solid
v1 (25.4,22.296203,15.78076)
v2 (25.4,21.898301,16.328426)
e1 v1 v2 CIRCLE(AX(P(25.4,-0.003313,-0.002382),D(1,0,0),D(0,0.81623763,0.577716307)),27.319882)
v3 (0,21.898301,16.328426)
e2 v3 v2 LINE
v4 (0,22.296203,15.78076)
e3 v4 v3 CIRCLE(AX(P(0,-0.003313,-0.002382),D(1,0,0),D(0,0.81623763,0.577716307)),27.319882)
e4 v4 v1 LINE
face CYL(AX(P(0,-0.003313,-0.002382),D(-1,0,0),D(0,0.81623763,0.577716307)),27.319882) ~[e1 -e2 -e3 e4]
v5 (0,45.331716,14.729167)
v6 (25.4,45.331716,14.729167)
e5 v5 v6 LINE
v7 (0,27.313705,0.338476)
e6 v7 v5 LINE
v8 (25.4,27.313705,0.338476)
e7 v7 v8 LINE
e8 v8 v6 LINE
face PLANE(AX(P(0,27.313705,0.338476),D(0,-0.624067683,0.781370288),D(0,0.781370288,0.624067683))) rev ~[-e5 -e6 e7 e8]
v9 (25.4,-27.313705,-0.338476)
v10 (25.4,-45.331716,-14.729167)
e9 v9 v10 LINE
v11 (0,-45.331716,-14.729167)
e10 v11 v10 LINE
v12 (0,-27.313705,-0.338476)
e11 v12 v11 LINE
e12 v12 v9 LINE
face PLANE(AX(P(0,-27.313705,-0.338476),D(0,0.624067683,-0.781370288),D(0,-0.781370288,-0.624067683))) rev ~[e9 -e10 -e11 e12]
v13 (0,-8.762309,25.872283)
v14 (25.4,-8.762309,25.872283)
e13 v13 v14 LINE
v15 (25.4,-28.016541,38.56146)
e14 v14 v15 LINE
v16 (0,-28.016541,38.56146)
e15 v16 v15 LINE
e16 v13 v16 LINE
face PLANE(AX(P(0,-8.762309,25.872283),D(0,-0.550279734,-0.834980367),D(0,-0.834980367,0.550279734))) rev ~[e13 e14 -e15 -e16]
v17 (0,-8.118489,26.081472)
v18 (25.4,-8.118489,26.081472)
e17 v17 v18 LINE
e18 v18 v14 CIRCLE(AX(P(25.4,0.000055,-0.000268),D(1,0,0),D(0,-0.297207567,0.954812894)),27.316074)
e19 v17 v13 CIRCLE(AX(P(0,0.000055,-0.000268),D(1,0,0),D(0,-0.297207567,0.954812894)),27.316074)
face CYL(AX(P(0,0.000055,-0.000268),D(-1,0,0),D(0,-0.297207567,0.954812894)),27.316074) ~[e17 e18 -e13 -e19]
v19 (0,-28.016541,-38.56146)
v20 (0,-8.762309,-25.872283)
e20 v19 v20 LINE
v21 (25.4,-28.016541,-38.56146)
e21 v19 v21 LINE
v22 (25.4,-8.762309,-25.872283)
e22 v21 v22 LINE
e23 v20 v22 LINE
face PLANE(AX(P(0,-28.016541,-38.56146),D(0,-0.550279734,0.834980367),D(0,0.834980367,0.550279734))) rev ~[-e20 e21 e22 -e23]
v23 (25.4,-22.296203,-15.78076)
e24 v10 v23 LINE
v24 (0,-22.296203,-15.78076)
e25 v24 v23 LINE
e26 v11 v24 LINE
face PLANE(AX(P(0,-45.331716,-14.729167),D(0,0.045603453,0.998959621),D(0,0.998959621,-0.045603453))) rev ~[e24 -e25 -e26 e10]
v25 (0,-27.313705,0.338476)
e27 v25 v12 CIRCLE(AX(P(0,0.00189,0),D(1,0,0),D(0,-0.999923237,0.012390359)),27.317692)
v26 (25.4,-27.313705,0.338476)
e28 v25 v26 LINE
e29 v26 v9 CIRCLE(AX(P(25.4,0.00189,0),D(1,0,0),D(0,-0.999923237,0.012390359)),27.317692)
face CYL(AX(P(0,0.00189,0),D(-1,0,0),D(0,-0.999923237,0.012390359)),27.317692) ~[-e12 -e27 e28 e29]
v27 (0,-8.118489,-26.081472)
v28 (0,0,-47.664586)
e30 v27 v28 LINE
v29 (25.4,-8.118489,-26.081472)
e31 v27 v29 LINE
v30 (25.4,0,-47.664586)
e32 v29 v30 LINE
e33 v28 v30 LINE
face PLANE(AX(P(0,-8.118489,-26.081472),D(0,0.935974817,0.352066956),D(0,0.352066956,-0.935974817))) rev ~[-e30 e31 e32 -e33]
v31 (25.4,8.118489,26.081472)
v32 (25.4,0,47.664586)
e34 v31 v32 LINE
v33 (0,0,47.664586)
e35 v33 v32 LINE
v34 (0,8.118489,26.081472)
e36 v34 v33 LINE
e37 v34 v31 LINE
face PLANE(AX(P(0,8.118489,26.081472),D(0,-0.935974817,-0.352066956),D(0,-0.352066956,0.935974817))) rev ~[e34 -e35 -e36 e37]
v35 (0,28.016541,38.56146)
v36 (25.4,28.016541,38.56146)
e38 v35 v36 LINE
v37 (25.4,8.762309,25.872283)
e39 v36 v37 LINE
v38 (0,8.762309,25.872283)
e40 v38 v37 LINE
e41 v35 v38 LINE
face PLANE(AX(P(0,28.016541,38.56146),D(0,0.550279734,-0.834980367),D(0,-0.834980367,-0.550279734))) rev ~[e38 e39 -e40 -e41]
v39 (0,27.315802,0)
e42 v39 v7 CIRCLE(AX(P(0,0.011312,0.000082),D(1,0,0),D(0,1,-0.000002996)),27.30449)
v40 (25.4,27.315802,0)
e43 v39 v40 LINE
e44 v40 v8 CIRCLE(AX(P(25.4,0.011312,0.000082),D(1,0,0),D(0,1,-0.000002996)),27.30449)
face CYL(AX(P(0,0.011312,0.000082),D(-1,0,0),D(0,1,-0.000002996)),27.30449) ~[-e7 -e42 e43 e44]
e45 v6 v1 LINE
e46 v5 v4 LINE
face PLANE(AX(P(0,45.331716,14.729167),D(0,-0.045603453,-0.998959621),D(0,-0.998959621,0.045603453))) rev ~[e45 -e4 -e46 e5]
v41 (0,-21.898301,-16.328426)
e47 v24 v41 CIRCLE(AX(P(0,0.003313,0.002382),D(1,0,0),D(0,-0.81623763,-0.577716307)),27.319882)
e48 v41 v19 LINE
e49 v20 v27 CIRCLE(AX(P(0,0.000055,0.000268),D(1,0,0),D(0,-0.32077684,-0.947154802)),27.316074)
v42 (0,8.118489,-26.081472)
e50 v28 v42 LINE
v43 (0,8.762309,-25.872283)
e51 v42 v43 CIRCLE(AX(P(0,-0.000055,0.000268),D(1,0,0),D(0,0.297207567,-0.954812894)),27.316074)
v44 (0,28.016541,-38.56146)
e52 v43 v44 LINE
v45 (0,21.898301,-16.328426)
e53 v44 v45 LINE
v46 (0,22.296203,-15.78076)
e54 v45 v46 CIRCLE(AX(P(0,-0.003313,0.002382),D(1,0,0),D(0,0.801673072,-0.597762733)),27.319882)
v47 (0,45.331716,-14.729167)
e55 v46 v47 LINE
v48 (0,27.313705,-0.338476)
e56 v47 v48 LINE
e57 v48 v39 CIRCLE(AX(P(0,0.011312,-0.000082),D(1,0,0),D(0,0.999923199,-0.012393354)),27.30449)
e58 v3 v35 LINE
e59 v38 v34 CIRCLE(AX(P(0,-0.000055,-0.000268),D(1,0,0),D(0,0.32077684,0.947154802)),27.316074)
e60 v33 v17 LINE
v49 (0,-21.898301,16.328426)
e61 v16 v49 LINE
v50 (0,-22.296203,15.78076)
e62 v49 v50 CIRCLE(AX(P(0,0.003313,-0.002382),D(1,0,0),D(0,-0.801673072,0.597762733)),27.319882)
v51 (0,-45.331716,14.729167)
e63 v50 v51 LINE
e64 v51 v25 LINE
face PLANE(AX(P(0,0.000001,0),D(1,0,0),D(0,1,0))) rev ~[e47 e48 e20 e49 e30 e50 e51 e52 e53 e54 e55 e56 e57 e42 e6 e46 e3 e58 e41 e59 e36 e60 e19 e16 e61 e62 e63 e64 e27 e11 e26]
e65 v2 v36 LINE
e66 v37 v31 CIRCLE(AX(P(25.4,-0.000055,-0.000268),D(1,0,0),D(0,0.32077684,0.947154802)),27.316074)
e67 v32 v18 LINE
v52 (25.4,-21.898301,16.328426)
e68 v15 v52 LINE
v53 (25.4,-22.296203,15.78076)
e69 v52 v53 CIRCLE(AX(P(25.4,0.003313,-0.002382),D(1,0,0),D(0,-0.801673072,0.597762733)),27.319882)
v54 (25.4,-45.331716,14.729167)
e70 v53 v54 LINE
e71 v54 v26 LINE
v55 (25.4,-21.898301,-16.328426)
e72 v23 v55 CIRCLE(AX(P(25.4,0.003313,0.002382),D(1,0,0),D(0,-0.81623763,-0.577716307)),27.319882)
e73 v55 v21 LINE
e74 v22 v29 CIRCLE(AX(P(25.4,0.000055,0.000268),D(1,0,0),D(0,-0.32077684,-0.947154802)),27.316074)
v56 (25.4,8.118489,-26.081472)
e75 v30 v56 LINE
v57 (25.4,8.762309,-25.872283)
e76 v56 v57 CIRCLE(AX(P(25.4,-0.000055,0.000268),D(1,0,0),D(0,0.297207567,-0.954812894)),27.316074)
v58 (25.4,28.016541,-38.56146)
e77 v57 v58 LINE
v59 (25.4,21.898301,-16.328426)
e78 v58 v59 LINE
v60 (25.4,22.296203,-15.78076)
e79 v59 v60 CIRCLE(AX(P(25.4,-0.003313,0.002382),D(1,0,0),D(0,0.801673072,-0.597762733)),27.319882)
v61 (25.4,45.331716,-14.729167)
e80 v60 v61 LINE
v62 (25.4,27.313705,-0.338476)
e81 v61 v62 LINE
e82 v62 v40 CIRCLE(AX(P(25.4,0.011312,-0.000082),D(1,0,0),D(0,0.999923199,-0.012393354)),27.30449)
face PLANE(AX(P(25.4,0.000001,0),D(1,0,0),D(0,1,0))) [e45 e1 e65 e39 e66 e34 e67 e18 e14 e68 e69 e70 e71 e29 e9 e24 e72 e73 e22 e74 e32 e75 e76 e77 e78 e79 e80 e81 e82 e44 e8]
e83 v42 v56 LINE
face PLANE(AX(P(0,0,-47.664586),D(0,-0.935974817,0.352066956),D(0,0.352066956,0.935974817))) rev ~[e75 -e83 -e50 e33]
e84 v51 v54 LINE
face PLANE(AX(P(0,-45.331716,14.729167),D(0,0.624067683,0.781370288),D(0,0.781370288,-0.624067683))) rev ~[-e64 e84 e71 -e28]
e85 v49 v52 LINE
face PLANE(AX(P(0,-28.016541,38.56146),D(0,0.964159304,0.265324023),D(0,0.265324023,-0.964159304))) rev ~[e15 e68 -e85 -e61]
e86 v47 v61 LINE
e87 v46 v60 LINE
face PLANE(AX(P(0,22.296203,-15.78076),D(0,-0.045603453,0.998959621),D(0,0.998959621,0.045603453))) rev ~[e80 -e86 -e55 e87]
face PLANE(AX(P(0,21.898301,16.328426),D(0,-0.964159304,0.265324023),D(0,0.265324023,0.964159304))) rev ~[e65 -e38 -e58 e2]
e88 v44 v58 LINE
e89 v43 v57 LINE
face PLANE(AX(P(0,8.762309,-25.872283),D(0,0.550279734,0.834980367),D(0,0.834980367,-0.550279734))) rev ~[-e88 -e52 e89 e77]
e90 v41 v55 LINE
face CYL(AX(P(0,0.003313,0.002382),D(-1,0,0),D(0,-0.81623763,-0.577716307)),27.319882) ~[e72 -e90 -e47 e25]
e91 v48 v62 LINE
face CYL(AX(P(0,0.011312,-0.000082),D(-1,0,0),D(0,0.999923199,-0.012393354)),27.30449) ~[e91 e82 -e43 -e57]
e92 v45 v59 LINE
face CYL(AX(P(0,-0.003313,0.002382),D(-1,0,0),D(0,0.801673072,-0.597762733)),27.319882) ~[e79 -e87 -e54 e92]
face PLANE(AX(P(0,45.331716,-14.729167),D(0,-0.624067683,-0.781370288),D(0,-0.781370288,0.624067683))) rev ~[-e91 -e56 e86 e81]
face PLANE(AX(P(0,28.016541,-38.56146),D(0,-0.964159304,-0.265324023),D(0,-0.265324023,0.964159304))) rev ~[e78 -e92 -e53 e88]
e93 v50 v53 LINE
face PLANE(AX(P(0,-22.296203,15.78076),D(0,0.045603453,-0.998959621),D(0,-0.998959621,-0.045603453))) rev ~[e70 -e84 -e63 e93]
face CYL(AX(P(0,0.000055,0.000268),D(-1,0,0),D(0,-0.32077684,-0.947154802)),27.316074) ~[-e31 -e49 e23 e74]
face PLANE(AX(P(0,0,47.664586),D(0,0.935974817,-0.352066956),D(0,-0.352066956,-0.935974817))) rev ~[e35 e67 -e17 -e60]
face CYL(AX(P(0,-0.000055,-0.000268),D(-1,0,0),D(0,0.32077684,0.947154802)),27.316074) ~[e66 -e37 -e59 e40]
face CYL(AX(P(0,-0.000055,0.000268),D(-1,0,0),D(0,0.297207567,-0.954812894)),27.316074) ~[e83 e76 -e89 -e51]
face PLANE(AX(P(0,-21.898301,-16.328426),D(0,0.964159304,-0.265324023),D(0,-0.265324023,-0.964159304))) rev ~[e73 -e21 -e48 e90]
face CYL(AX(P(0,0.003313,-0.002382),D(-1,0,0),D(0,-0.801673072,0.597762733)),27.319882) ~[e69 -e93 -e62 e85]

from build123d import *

# Parameters (mm, degrees)
F1_DEPTH = 25.4


with BuildPart() as f1:
    # F0 (on Right) → F1 (new body)
    with BuildSketch(Plane.YZ):
        with BuildLine():
            ThreePointArc((27.313705, -0.338476), (27.315278, -0.169241), (27.315802, 0))
            ThreePointArc((27.315802, 0), (27.315278, 0.169241), (27.313705, 0.338476))
            ThreePointArc((27.313705, 0.338476), (25.978872, 8.441047), (22.296203, 15.78076))
            ThreePointArc((22.296203, 15.78076), (22.098948, 16.055826), (21.898301, 16.328426))
            ThreePointArc((21.898301, 16.328426), (16.055826, 22.098948), (8.762309, 25.872283))
            ThreePointArc((8.762309, 25.872283), (8.441047, 25.978872), (8.118489, 26.081472))
            ThreePointArc((8.118489, 26.081472), (0, 27.315802), (-8.118489, 26.081472))
            ThreePointArc((-8.118489, 26.081472), (-8.441047, 25.978872), (-8.762309, 25.872283))
            ThreePointArc((-8.762309, 25.872283), (-16.055826, 22.098948), (-21.898301, 16.328426))
            ThreePointArc((-21.898301, 16.328426), (-22.098948, 16.055826), (-22.296203, 15.78076))
            ThreePointArc((-22.296203, 15.78076), (-25.978872, 8.441047), (-27.313705, 0.338476))
            ThreePointArc((-27.313705, 0.338476), (-27.315802, 0), (-27.313705, -0.338476))
            ThreePointArc((-27.313705, -0.338476), (-25.978872, -8.441047), (-22.296203, -15.78076))
            ThreePointArc((-22.296203, -15.78076), (-22.098948, -16.055826), (-21.898301, -16.328426))
            ThreePointArc((-21.898301, -16.328426), (-16.055826, -22.098948), (-8.762309, -25.872283))
            ThreePointArc((-8.762309, -25.872283), (-8.441047, -25.978872), (-8.118489, -26.081472))
            ThreePointArc((-8.118489, -26.081472), (0, -27.315802), (8.118489, -26.081472))
            ThreePointArc((8.118489, -26.081472), (8.441047, -25.978872), (8.762309, -25.872283))
            ThreePointArc((8.762309, -25.872283), (16.055826, -22.098948), (21.898301, -16.328426))
            ThreePointArc((21.898301, -16.328426), (22.098948, -16.055826), (22.296203, -15.78076))
            ThreePointArc((22.296203, -15.78076), (25.978872, -8.441047), (27.313705, -0.338476))
        make_face()
        with BuildLine():
            ThreePointArc((22.296203, 15.78076), (25.978872, 8.441047), (27.313705, 0.338476))
            Line((27.313705, 0.338476), (45.331716, 14.729167))
            Line((45.331716, 14.729167), (22.296203, 15.78076))
        make_face()
        with BuildLine():
            Line((45.331716, -14.729167), (27.313705, -0.338476))
            ThreePointArc((27.313705, -0.338476), (25.978872, -8.441047), (22.296203, -15.78076))
            Line((22.296203, -15.78076), (45.331716, -14.729167))
        make_face()
        with BuildLine():
            ThreePointArc((8.762309, 25.872283), (16.055826, 22.098948), (21.898301, 16.328426))
            Line((21.898301, 16.328426), (28.016541, 38.56146))
            Line((28.016541, 38.56146), (8.762309, 25.872283))
        make_face()
        with BuildLine():
            Line((28.016541, -38.56146), (21.898301, -16.328426))
            ThreePointArc((21.898301, -16.328426), (16.055826, -22.098948), (8.762309, -25.872283))
            Line((8.762309, -25.872283), (28.016541, -38.56146))
        make_face()
        with BuildLine():
            ThreePointArc((-8.118489, 26.081472), (0, 27.315802), (8.118489, 26.081472))
            Line((8.118489, 26.081472), (0, 47.664586))
            Line((0, 47.664586), (-8.118489, 26.081472))
        make_face()
        with BuildLine():
            Line((0, -47.664586), (8.118489, -26.081472))
            ThreePointArc((8.118489, -26.081472), (0, -27.315802), (-8.118489, -26.081472))
            Line((-8.118489, -26.081472), (0, -47.664586))
        make_face()
        with BuildLine():
            ThreePointArc((-21.898301, 16.328426), (-16.055826, 22.098948), (-8.762309, 25.872283))
            Line((-8.762309, 25.872283), (-28.016541, 38.56146))
            Line((-28.016541, 38.56146), (-21.898301, 16.328426))
        make_face()
        with BuildLine():
            Line((-28.016541, -38.56146), (-8.762309, -25.872283))
            ThreePointArc((-8.762309, -25.872283), (-16.055826, -22.098948), (-21.898301, -16.328426))
            Line((-21.898301, -16.328426), (-28.016541, -38.56146))
        make_face()
        with BuildLine():
            ThreePointArc((-27.313705, 0.338476), (-25.978872, 8.441047), (-22.296203, 15.78076))
            Line((-22.296203, 15.78076), (-45.331716, 14.729167))
            Line((-45.331716, 14.729167), (-27.313705, 0.338476))
        make_face()
        with BuildLine():
            Line((-45.331716, -14.729167), (-22.296203, -15.78076))
            ThreePointArc((-22.296203, -15.78076), (-25.978872, -8.441047), (-27.313705, -0.338476))
            Line((-27.313705, -0.338476), (-45.331716, -14.729167))
        make_face()
    extrude(amount=F1_DEPTH)


solid = f1.part
